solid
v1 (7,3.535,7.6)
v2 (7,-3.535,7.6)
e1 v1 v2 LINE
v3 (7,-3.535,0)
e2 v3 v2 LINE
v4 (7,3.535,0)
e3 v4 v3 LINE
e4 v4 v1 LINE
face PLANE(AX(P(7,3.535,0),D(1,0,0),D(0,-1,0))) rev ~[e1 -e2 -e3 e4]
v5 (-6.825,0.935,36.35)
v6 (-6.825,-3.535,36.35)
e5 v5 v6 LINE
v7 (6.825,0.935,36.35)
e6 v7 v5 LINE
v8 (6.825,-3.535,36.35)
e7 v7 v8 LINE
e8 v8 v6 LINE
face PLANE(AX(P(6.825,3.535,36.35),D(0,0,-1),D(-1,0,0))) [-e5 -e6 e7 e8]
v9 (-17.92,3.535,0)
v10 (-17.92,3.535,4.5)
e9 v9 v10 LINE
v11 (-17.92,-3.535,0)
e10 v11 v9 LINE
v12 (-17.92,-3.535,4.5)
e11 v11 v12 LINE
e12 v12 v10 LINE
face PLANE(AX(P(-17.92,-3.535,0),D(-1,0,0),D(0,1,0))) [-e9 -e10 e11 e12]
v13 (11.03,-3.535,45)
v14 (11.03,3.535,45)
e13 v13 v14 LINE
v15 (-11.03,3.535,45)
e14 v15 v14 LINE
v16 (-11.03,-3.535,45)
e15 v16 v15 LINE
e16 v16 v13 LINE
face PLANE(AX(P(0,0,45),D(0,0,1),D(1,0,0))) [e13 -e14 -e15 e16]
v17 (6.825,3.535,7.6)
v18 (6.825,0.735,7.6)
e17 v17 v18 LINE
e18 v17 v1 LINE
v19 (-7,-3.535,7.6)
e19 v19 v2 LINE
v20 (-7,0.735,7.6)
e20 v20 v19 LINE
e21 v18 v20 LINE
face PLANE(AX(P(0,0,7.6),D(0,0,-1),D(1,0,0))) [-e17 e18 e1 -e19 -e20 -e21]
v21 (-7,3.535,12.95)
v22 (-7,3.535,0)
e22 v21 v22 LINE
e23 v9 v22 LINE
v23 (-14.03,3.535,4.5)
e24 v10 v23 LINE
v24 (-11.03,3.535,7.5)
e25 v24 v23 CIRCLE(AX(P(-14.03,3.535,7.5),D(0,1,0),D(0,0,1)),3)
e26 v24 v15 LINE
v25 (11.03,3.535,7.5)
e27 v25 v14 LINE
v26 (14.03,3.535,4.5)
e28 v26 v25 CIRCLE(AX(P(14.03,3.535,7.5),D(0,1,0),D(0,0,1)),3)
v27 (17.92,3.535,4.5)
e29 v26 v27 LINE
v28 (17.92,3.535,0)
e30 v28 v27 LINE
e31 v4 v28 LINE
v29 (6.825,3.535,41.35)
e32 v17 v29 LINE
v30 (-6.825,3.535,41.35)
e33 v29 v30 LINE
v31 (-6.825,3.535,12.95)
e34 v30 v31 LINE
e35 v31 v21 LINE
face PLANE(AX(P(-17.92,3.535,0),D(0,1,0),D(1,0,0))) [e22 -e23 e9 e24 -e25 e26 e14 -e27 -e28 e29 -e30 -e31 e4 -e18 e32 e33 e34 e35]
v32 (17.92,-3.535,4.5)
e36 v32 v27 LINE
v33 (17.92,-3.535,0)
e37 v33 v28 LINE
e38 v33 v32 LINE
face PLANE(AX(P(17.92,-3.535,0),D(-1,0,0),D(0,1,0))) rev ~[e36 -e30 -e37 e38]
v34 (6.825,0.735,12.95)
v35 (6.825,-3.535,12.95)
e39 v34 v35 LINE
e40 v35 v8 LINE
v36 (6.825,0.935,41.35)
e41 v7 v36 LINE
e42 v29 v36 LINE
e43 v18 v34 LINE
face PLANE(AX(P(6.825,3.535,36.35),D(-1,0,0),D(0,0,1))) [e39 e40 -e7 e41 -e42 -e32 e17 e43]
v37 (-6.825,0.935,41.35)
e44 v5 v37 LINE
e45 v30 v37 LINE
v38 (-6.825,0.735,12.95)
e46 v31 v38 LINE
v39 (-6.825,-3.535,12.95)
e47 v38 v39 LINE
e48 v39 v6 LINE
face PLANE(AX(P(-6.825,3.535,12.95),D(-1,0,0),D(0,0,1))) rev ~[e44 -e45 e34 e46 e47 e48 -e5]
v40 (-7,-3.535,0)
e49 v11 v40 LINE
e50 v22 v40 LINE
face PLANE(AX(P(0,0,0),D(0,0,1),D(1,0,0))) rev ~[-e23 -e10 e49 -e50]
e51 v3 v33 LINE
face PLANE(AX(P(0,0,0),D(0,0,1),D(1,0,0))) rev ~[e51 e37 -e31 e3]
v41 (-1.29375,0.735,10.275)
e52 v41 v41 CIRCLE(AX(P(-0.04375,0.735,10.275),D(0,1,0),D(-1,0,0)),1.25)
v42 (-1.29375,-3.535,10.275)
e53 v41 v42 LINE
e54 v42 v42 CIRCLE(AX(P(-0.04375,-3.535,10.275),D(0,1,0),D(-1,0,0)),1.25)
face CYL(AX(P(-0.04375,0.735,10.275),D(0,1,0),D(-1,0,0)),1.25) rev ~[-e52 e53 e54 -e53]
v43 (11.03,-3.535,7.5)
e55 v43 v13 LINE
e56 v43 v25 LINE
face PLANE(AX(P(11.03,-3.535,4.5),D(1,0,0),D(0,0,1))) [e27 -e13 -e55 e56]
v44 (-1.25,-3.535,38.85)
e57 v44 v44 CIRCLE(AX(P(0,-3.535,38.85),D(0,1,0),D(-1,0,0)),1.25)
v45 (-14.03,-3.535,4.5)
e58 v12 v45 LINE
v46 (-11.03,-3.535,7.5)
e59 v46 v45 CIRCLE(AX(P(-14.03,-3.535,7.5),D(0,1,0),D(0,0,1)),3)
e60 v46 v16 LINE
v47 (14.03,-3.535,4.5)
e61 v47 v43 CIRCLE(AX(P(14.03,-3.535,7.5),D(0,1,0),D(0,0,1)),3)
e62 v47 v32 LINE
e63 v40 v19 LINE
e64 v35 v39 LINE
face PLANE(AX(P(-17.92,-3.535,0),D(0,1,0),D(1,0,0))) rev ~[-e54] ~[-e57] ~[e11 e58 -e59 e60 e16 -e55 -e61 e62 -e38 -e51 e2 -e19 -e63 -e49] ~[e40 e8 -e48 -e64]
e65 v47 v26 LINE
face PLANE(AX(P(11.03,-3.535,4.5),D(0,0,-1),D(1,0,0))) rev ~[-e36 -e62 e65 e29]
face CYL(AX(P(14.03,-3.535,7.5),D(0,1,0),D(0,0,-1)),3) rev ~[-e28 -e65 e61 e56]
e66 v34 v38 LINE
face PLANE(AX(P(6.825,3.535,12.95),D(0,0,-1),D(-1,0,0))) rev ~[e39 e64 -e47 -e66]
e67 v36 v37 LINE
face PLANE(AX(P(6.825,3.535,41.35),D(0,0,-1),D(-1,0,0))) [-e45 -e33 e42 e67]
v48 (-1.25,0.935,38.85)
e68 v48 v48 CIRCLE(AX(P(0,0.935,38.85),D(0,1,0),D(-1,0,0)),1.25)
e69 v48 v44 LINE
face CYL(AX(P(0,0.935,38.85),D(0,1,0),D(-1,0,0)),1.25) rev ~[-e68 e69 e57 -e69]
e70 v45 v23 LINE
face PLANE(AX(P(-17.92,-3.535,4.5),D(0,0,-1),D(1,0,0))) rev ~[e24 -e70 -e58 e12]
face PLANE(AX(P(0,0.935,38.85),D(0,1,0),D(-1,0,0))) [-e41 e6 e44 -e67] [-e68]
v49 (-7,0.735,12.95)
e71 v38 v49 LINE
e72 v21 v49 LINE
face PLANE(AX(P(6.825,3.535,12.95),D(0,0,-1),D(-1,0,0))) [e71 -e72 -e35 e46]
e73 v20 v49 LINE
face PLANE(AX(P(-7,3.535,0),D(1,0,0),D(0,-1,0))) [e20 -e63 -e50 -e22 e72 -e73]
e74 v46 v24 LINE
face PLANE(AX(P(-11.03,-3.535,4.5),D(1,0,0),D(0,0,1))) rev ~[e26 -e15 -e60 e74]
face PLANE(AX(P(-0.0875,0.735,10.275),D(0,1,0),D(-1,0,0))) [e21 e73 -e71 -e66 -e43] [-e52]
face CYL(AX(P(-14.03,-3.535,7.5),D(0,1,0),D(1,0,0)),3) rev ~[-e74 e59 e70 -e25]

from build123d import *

# Parameters (mm, degrees)
F0_W      = 35.84
F0_H      = 7.07
F1_DEPTH  = 45
F4_W      = 6.89
F4_H      = 40.5
F5_DEPTH  = 7.07
F6_W      = 6.89
F6_H      = 40.5
F7_DEPTH  = 7.07
F2_W      = 14
F2_H      = 7.07
F9_DEPTH  = 7.6
F10_W     = 13.65
F10_H     = 23.4
F11_DEPTH = 7.07
F12_W     = 13.65
F12_H     = 5
F13_DEPTH = 2.6
F14_W     = 13.825
F14_H     = 5.35
F15_DEPTH = 2.8
F16_R     = 3
F17_R     = 1.25
F18_DEPTH = 4.27
F19_R     = 1.25
F20_DEPTH = 4.47


with BuildPart() as f1:
    # F0 (on Top) → F1 (new body)
    with BuildSketch(Plane.XY):
        Rectangle(F0_W, F0_H)
    extrude(amount=F1_DEPTH)

    # F4 (on face) → F5 (cut, through all)
    with BuildSketch(Plane.XZ.offset(3.535)):
        with Locations((14.475, 24.75)):
            Rectangle(F4_W, F4_H)
    extrude(amount=-F5_DEPTH, mode=Mode.SUBTRACT)

    # F6 (on face) → F7 (cut, through all)
    with BuildSketch(Plane.XZ.offset(3.535)):
        with Locations((-14.475, 24.75)):
            Rectangle(F6_W, F6_H)
    extrude(amount=-F7_DEPTH, mode=Mode.SUBTRACT)

    # F2 (on face) → F9 (cut)
    with BuildSketch(Plane(origin=(0, 0, 0), x_dir=(1, 0, 0), z_dir=(0, 0, -1))):
        Rectangle(F2_W, F2_H)
    extrude(amount=-F9_DEPTH, mode=Mode.SUBTRACT)

    # F10 (on face) → F11 (cut, through all)
    with BuildSketch(Plane(origin=(0, 3.535, 0), x_dir=(-1, 0, 0), z_dir=(0, 1, 0))):
        with Locations((0, 24.65)):
            Rectangle(F10_W, F10_H)
    extrude(amount=-F11_DEPTH, mode=Mode.SUBTRACT)

    # F12 (on face) → F13 (cut)
    with BuildSketch(Plane(origin=(0, 3.535, 0), x_dir=(-1, 0, 0), z_dir=(0, 1, 0))):
        with Locations((0, 38.85)):
            Rectangle(F12_W, F12_H)
    extrude(amount=-F13_DEPTH, mode=Mode.SUBTRACT)

    # F14 (on face) → F15 (cut)
    with BuildSketch(Plane(origin=(0, 3.535, 0), x_dir=(-1, 0, 0), z_dir=(0, 1, 0))):
        with Locations((0.0875, 10.275)):
            Rectangle(F14_W, F14_H)
    extrude(amount=-F15_DEPTH, mode=Mode.SUBTRACT)

    # F16
    f16_edges = [f1.edges().sort_by_distance(p)[0] for p in [
        (-11.03, 0, 4.5),
        (11.03, 0, 4.5),
    ]]
    fillet(f16_edges, radius=F16_R)

    # F17 (on face) → F18 (cut, through all)
    with BuildSketch(Plane(origin=(0, 0.735, 0), x_dir=(-1, 0, 0), z_dir=(0, 1, 0))):
        with Locations((0.04375, 10.275)):
            Circle(F17_R)
    extrude(amount=-F18_DEPTH, mode=Mode.SUBTRACT)

    # F19 (on face) → F20 (cut, through all)
    with BuildSketch(Plane(origin=(0, 0.935, 0), x_dir=(-1, 0, 0), z_dir=(0, 1, 0))):
        with Locations((0, 38.85)):
            Circle(F19_R)
    extrude(amount=-F20_DEPTH, mode=Mode.SUBTRACT)


solid = f1.part
